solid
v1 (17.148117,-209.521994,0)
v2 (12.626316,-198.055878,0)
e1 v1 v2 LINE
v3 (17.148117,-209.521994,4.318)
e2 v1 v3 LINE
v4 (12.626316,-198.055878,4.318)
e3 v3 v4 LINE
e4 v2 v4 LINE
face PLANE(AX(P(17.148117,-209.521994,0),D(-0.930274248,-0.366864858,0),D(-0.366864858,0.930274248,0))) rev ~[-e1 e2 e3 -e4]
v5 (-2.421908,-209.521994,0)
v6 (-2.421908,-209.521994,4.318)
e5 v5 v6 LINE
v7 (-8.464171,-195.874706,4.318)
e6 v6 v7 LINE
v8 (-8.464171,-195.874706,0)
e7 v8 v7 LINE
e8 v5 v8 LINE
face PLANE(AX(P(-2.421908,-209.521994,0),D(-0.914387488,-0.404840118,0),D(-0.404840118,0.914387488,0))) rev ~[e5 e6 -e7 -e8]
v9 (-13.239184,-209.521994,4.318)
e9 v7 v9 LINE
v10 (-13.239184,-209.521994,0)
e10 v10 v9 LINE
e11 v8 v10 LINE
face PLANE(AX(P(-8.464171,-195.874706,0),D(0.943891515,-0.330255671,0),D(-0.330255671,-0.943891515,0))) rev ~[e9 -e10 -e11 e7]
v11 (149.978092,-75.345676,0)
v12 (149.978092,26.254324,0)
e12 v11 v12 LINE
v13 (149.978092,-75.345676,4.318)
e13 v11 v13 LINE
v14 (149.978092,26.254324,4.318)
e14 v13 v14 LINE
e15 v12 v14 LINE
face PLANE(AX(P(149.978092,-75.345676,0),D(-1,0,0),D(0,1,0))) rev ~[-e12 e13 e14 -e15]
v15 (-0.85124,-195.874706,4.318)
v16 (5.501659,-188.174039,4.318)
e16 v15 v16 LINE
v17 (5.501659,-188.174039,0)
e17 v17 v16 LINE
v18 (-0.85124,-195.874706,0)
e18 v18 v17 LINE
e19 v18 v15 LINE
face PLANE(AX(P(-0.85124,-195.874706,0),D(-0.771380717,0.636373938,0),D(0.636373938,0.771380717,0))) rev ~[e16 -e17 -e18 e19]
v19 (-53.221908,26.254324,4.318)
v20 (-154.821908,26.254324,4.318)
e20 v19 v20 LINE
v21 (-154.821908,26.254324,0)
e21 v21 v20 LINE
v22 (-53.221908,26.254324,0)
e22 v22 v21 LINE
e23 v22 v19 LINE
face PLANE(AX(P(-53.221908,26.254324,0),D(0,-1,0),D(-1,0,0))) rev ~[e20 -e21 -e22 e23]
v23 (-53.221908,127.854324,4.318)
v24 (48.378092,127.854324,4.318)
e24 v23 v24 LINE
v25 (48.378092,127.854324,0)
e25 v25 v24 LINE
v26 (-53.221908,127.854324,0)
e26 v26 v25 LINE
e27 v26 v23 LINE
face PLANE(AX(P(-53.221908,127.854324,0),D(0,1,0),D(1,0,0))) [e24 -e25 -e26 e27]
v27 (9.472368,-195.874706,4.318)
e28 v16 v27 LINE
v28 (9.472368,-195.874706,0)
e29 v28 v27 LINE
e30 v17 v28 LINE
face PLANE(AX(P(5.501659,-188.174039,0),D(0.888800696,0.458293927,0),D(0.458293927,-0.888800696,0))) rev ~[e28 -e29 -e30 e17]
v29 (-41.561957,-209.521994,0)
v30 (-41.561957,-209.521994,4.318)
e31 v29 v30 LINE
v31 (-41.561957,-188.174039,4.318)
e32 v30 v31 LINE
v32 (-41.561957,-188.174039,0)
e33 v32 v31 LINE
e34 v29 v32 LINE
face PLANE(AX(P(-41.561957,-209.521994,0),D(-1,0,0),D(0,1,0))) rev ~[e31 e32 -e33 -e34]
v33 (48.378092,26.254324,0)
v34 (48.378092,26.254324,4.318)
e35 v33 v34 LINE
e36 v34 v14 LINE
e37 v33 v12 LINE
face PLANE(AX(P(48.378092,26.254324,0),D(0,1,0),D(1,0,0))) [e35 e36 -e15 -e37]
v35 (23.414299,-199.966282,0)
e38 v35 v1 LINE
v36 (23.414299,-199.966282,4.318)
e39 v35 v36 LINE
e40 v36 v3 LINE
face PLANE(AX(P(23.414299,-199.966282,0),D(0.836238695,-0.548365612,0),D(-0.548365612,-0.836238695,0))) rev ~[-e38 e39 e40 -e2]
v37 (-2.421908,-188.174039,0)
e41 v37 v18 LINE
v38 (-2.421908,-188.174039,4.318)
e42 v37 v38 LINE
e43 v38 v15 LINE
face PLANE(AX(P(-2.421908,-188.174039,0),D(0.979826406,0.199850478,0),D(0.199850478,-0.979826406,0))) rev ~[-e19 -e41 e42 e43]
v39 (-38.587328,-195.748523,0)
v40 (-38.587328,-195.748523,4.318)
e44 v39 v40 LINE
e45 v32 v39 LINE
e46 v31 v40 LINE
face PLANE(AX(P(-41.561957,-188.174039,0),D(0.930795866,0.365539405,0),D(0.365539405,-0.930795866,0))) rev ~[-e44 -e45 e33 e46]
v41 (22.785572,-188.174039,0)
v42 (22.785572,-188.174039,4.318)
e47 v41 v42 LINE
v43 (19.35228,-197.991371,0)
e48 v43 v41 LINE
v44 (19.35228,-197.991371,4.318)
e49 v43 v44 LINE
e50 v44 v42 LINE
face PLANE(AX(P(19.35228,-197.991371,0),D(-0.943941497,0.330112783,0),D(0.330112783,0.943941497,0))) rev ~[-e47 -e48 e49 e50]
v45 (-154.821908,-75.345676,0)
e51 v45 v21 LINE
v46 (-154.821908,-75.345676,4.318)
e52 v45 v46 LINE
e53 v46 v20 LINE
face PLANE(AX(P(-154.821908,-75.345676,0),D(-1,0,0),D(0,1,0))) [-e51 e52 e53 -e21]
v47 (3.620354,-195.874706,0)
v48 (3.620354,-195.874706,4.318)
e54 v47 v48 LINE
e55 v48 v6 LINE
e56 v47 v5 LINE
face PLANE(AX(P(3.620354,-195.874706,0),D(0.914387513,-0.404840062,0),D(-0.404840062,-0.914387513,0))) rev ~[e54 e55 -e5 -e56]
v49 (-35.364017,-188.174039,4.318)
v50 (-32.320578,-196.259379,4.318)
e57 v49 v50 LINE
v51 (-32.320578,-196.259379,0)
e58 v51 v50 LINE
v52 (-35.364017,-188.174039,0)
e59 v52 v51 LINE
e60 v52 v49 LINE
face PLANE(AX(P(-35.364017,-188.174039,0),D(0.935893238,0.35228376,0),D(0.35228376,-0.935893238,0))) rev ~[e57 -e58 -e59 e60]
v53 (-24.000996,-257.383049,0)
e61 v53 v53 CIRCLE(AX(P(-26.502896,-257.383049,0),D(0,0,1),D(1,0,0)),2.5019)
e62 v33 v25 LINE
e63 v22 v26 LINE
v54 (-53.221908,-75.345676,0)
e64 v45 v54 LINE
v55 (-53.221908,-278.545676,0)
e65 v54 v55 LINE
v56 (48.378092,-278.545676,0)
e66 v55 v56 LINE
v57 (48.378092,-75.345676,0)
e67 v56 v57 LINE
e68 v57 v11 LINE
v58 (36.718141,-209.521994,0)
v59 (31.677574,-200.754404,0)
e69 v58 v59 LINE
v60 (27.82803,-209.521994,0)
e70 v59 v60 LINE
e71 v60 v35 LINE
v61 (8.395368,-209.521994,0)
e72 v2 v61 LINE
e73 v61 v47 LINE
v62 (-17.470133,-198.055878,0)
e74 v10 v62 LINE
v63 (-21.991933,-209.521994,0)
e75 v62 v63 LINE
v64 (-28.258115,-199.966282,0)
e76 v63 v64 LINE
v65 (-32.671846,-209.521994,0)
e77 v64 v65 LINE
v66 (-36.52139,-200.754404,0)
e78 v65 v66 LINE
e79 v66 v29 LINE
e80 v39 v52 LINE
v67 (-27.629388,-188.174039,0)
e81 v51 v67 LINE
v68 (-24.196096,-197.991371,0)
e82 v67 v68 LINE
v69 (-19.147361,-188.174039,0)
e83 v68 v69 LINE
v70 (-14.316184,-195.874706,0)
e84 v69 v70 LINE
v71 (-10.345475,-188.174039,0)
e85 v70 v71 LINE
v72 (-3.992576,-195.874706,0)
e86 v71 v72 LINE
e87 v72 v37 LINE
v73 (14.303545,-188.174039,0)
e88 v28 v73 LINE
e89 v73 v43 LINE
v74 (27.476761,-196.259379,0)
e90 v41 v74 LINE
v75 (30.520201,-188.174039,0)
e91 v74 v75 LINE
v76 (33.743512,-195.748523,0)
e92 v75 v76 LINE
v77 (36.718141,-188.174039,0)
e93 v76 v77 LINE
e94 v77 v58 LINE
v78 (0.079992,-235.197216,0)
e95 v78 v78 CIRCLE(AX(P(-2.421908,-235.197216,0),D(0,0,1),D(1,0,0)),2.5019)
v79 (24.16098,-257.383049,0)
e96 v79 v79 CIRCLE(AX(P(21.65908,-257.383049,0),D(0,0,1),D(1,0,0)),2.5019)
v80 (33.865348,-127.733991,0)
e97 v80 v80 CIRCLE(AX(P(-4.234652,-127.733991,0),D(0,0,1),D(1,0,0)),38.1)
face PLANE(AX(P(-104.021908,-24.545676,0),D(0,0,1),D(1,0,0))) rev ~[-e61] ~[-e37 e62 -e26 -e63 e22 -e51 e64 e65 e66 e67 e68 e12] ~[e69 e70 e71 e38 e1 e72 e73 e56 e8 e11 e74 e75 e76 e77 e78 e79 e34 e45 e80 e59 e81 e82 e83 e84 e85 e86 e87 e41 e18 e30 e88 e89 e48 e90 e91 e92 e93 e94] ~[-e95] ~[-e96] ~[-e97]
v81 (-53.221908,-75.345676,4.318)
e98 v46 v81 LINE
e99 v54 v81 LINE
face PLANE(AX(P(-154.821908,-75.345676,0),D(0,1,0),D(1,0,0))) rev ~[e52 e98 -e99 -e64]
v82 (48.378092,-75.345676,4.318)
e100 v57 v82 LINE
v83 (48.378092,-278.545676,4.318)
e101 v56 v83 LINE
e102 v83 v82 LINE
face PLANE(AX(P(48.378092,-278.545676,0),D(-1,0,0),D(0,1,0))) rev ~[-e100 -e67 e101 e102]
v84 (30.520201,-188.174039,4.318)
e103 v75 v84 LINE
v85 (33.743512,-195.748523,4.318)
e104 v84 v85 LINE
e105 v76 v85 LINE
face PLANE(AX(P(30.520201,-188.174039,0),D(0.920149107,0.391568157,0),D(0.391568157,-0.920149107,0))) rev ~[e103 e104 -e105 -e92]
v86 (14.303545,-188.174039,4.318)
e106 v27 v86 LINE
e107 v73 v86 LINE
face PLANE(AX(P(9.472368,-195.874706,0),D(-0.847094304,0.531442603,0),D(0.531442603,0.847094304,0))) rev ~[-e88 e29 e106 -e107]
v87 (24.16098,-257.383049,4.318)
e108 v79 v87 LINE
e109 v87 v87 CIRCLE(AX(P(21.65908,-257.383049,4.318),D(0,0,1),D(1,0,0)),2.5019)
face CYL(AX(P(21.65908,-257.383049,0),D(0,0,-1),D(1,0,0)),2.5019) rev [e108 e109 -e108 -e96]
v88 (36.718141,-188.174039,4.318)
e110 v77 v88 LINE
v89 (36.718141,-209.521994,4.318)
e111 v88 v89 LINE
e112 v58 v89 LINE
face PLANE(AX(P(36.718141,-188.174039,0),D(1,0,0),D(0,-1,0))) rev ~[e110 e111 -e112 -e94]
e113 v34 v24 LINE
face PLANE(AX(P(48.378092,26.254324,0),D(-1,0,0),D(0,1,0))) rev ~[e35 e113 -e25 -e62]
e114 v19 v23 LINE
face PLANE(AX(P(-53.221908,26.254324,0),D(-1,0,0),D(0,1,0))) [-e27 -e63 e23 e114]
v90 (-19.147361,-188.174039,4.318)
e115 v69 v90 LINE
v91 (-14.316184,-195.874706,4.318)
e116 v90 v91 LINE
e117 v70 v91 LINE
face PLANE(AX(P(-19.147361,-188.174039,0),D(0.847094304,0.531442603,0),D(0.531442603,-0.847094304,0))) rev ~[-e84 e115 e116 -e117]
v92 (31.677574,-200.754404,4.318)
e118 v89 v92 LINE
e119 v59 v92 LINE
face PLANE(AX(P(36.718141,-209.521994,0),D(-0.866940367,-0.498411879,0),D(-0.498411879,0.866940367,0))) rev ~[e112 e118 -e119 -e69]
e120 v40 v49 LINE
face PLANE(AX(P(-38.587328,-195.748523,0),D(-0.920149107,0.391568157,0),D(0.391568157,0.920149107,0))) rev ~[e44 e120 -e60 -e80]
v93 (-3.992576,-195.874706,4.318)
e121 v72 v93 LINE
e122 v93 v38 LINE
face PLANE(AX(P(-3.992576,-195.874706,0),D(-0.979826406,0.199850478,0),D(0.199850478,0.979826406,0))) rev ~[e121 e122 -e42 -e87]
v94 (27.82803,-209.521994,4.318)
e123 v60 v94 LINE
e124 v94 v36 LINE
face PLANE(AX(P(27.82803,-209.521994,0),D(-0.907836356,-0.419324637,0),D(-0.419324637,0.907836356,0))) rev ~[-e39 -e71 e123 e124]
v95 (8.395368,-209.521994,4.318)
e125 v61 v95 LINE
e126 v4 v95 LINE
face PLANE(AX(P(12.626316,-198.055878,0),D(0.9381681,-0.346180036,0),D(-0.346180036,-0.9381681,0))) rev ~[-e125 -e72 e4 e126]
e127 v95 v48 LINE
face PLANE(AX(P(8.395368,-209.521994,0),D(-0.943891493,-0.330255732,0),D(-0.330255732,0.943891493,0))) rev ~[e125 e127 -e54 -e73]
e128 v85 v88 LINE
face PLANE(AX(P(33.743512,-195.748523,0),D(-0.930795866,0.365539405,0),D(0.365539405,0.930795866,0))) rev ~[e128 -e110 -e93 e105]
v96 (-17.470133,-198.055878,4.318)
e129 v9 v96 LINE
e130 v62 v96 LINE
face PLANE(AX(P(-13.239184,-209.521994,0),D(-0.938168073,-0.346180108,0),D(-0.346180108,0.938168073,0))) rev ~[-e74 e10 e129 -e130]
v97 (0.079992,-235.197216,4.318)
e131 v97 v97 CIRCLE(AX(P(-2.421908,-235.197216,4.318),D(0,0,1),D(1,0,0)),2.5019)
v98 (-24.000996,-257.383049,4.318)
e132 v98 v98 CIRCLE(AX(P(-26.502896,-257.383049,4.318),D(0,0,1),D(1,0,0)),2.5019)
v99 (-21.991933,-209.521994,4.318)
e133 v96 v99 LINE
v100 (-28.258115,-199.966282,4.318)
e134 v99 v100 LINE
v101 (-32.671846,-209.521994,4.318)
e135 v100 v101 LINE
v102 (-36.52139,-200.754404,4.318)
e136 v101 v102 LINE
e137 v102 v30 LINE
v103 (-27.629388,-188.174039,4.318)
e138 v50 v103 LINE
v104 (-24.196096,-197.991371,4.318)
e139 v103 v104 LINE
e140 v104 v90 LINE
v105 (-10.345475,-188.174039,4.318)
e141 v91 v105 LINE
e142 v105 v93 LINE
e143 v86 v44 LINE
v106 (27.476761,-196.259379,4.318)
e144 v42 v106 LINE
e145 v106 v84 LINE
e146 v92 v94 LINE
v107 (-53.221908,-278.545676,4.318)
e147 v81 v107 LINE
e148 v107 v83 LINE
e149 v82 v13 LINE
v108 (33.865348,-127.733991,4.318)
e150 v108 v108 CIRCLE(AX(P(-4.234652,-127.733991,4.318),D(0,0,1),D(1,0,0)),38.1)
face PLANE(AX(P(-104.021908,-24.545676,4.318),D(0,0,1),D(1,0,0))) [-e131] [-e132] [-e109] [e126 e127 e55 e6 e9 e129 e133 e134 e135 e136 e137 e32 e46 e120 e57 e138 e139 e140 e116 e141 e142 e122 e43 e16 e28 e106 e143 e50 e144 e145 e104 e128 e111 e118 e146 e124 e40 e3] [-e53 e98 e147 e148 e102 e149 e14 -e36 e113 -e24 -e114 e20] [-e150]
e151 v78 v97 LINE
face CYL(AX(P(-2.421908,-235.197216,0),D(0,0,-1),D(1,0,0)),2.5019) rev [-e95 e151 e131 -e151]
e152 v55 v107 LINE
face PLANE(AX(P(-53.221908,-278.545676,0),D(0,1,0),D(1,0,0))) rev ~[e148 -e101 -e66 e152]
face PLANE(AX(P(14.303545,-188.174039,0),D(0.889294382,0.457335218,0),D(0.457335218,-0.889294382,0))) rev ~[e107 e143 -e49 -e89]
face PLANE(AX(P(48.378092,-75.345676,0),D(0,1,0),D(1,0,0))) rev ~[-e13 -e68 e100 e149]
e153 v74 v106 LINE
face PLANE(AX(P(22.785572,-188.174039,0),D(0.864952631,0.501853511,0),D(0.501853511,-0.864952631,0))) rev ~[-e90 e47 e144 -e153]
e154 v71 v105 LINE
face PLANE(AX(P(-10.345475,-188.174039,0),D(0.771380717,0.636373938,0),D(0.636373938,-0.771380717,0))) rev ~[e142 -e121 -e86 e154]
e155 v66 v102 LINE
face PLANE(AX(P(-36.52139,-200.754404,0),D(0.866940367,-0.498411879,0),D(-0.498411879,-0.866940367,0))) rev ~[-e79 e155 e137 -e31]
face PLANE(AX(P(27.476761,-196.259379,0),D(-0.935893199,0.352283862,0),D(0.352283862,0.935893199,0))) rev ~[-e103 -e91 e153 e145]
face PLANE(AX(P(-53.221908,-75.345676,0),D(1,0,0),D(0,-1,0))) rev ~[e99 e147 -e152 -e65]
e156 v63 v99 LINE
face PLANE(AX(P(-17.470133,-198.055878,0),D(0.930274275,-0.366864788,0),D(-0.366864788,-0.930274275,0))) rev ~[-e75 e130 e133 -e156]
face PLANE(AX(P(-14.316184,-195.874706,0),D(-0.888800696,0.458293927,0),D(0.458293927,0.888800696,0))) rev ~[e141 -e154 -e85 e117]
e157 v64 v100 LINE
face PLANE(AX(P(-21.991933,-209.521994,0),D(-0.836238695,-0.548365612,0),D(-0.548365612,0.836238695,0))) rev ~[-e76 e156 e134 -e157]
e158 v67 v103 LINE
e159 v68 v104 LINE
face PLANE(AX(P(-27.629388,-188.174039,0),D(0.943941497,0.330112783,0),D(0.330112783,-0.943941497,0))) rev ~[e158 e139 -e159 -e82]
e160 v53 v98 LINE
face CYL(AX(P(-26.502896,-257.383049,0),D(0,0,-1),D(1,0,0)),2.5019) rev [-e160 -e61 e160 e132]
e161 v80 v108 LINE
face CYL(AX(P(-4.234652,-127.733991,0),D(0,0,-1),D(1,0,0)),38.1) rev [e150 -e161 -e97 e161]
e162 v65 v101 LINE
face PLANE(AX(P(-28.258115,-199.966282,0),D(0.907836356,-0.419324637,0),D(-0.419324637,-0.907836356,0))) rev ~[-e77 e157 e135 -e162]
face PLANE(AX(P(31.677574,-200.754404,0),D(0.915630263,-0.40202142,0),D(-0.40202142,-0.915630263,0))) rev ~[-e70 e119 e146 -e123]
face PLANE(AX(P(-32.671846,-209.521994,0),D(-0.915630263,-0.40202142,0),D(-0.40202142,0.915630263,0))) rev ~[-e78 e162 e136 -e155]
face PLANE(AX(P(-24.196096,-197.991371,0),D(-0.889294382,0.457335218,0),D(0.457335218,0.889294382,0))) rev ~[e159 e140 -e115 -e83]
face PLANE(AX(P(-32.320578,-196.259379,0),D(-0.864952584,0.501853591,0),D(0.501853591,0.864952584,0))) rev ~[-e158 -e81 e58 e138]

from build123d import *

# Parameters (mm, degrees)
F0_W     = 101.6
F0_H     = 101.6
F0_R     = 38.1
F0_R_2   = 2.5019
F1_DEPTH = 4.318
F2_DEPTH = 4.318


with BuildPart() as f1:
    # F0 (on Top) → F1 (new body)
    with BuildSketch(Plane.XY):
        with Locations((-104.021908, -24.545676)):
            Rectangle(F0_W, F0_H)
        with Locations((-2.421908, -24.545676)):
            Rectangle(F0_W, F0_H)
        with Locations((-2.421908, 77.054324)):
            Rectangle(F0_W, F0_H)
        with Locations((99.178092, -24.545676)):
            Rectangle(F0_W, F0_H)
        with Locations((-2.421908, -126.145676)):
            Rectangle(F0_W, F0_H)
        with Locations((-4.234652, -127.733991)):
            Circle(F0_R, mode=Mode.SUBTRACT)
        with Locations((-2.421908, -227.745676)):
            Rectangle(F0_W, F0_H)
        with Locations((-26.502896, -257.383049)):
            Circle(F0_R_2, mode=Mode.SUBTRACT)
        with Locations((21.65908, -257.383049)):
            Circle(F0_R_2, mode=Mode.SUBTRACT)
        with Locations((-2.421908, -235.197216)):
            Circle(F0_R_2, mode=Mode.SUBTRACT)
        Polygon((-41.561957, -209.521994), (-41.561957, -188.174039), (-38.587328, -195.748523), (-35.364017, -188.174039), (-32.320578, -196.259379), (-27.629388, -188.174039), (-24.196096, -197.991371), (-19.147361, -188.174039), (-14.316184, -195.874706), (-10.345475, -188.174039), (-3.992576, -195.874706), (-2.421908, -188.174039), (-0.85124, -195.874706), (5.501659, -188.174039), (9.472368, -195.874706), (14.303545, -188.174039), (19.35228, -197.991371), (22.785572, -188.174039), (27.476761, -196.259379), (30.520201, -188.174039), (33.743512, -195.748523), (36.718141, -188.174039), (36.718141, -209.521994), (31.677574, -200.754404), (27.82803, -209.521994), (23.414299, -199.966282), (17.148117, -209.521994), (12.626316, -198.055878), (8.395368, -209.521994), (3.620354, -195.874706), (-2.421908, -209.521994), (-8.464171, -195.874706), (-13.239184, -209.521994), (-17.470133, -198.055878), (-21.991933, -209.521994), (-28.258115, -199.966282), (-32.671846, -209.521994), (-36.52139, -200.754404), align=None, mode=Mode.SUBTRACT)
    extrude(amount=F1_DEPTH)

    # F0 (on Top) → F2 (join)
    with BuildSketch(Plane.XY):
        with Locations((-2.421908, 77.054324)):
            Rectangle(F0_W, F0_H)
        with Locations((-104.021908, -24.545676)):
            Rectangle(F0_W, F0_H)
        with Locations((99.178092, -24.545676)):
            Rectangle(F0_W, F0_H)
        with Locations((-2.421908, -126.145676)):
            Rectangle(F0_W, F0_H)
        with Locations((-4.234652, -127.733991)):
            Circle(F0_R, mode=Mode.SUBTRACT)
        with Locations((-2.421908, -227.745676)):
            Rectangle(F0_W, F0_H)
        with Locations((-26.502896, -257.383049)):
            Circle(F0_R_2, mode=Mode.SUBTRACT)
        with Locations((21.65908, -257.383049)):
            Circle(F0_R_2, mode=Mode.SUBTRACT)
        with Locations((-2.421908, -235.197216)):
            Circle(F0_R_2, mode=Mode.SUBTRACT)
        Polygon((-41.561957, -209.521994), (-41.561957, -188.174039), (-38.587328, -195.748523), (-35.364017, -188.174039), (-32.320578, -196.259379), (-27.629388, -188.174039), (-24.196096, -197.991371), (-19.147361, -188.174039), (-14.316184, -195.874706), (-10.345475, -188.174039), (-3.992576, -195.874706), (-2.421908, -188.174039), (-0.85124, -195.874706), (5.501659, -188.174039), (9.472368, -195.874706), (14.303545, -188.174039), (19.35228, -197.991371), (22.785572, -188.174039), (27.476761, -196.259379), (30.520201, -188.174039), (33.743512, -195.748523), (36.718141, -188.174039), (36.718141, -209.521994), (31.677574, -200.754404), (27.82803, -209.521994), (23.414299, -199.966282), (17.148117, -209.521994), (12.626316, -198.055878), (8.395368, -209.521994), (3.620354, -195.874706), (-2.421908, -209.521994), (-8.464171, -195.874706), (-13.239184, -209.521994), (-17.470133, -198.055878), (-21.991933, -209.521994), (-28.258115, -199.966282), (-32.671846, -209.521994), (-36.52139, -200.754404), align=None, mode=Mode.SUBTRACT)
    extrude(amount=F2_DEPTH)


solid = f1.part
